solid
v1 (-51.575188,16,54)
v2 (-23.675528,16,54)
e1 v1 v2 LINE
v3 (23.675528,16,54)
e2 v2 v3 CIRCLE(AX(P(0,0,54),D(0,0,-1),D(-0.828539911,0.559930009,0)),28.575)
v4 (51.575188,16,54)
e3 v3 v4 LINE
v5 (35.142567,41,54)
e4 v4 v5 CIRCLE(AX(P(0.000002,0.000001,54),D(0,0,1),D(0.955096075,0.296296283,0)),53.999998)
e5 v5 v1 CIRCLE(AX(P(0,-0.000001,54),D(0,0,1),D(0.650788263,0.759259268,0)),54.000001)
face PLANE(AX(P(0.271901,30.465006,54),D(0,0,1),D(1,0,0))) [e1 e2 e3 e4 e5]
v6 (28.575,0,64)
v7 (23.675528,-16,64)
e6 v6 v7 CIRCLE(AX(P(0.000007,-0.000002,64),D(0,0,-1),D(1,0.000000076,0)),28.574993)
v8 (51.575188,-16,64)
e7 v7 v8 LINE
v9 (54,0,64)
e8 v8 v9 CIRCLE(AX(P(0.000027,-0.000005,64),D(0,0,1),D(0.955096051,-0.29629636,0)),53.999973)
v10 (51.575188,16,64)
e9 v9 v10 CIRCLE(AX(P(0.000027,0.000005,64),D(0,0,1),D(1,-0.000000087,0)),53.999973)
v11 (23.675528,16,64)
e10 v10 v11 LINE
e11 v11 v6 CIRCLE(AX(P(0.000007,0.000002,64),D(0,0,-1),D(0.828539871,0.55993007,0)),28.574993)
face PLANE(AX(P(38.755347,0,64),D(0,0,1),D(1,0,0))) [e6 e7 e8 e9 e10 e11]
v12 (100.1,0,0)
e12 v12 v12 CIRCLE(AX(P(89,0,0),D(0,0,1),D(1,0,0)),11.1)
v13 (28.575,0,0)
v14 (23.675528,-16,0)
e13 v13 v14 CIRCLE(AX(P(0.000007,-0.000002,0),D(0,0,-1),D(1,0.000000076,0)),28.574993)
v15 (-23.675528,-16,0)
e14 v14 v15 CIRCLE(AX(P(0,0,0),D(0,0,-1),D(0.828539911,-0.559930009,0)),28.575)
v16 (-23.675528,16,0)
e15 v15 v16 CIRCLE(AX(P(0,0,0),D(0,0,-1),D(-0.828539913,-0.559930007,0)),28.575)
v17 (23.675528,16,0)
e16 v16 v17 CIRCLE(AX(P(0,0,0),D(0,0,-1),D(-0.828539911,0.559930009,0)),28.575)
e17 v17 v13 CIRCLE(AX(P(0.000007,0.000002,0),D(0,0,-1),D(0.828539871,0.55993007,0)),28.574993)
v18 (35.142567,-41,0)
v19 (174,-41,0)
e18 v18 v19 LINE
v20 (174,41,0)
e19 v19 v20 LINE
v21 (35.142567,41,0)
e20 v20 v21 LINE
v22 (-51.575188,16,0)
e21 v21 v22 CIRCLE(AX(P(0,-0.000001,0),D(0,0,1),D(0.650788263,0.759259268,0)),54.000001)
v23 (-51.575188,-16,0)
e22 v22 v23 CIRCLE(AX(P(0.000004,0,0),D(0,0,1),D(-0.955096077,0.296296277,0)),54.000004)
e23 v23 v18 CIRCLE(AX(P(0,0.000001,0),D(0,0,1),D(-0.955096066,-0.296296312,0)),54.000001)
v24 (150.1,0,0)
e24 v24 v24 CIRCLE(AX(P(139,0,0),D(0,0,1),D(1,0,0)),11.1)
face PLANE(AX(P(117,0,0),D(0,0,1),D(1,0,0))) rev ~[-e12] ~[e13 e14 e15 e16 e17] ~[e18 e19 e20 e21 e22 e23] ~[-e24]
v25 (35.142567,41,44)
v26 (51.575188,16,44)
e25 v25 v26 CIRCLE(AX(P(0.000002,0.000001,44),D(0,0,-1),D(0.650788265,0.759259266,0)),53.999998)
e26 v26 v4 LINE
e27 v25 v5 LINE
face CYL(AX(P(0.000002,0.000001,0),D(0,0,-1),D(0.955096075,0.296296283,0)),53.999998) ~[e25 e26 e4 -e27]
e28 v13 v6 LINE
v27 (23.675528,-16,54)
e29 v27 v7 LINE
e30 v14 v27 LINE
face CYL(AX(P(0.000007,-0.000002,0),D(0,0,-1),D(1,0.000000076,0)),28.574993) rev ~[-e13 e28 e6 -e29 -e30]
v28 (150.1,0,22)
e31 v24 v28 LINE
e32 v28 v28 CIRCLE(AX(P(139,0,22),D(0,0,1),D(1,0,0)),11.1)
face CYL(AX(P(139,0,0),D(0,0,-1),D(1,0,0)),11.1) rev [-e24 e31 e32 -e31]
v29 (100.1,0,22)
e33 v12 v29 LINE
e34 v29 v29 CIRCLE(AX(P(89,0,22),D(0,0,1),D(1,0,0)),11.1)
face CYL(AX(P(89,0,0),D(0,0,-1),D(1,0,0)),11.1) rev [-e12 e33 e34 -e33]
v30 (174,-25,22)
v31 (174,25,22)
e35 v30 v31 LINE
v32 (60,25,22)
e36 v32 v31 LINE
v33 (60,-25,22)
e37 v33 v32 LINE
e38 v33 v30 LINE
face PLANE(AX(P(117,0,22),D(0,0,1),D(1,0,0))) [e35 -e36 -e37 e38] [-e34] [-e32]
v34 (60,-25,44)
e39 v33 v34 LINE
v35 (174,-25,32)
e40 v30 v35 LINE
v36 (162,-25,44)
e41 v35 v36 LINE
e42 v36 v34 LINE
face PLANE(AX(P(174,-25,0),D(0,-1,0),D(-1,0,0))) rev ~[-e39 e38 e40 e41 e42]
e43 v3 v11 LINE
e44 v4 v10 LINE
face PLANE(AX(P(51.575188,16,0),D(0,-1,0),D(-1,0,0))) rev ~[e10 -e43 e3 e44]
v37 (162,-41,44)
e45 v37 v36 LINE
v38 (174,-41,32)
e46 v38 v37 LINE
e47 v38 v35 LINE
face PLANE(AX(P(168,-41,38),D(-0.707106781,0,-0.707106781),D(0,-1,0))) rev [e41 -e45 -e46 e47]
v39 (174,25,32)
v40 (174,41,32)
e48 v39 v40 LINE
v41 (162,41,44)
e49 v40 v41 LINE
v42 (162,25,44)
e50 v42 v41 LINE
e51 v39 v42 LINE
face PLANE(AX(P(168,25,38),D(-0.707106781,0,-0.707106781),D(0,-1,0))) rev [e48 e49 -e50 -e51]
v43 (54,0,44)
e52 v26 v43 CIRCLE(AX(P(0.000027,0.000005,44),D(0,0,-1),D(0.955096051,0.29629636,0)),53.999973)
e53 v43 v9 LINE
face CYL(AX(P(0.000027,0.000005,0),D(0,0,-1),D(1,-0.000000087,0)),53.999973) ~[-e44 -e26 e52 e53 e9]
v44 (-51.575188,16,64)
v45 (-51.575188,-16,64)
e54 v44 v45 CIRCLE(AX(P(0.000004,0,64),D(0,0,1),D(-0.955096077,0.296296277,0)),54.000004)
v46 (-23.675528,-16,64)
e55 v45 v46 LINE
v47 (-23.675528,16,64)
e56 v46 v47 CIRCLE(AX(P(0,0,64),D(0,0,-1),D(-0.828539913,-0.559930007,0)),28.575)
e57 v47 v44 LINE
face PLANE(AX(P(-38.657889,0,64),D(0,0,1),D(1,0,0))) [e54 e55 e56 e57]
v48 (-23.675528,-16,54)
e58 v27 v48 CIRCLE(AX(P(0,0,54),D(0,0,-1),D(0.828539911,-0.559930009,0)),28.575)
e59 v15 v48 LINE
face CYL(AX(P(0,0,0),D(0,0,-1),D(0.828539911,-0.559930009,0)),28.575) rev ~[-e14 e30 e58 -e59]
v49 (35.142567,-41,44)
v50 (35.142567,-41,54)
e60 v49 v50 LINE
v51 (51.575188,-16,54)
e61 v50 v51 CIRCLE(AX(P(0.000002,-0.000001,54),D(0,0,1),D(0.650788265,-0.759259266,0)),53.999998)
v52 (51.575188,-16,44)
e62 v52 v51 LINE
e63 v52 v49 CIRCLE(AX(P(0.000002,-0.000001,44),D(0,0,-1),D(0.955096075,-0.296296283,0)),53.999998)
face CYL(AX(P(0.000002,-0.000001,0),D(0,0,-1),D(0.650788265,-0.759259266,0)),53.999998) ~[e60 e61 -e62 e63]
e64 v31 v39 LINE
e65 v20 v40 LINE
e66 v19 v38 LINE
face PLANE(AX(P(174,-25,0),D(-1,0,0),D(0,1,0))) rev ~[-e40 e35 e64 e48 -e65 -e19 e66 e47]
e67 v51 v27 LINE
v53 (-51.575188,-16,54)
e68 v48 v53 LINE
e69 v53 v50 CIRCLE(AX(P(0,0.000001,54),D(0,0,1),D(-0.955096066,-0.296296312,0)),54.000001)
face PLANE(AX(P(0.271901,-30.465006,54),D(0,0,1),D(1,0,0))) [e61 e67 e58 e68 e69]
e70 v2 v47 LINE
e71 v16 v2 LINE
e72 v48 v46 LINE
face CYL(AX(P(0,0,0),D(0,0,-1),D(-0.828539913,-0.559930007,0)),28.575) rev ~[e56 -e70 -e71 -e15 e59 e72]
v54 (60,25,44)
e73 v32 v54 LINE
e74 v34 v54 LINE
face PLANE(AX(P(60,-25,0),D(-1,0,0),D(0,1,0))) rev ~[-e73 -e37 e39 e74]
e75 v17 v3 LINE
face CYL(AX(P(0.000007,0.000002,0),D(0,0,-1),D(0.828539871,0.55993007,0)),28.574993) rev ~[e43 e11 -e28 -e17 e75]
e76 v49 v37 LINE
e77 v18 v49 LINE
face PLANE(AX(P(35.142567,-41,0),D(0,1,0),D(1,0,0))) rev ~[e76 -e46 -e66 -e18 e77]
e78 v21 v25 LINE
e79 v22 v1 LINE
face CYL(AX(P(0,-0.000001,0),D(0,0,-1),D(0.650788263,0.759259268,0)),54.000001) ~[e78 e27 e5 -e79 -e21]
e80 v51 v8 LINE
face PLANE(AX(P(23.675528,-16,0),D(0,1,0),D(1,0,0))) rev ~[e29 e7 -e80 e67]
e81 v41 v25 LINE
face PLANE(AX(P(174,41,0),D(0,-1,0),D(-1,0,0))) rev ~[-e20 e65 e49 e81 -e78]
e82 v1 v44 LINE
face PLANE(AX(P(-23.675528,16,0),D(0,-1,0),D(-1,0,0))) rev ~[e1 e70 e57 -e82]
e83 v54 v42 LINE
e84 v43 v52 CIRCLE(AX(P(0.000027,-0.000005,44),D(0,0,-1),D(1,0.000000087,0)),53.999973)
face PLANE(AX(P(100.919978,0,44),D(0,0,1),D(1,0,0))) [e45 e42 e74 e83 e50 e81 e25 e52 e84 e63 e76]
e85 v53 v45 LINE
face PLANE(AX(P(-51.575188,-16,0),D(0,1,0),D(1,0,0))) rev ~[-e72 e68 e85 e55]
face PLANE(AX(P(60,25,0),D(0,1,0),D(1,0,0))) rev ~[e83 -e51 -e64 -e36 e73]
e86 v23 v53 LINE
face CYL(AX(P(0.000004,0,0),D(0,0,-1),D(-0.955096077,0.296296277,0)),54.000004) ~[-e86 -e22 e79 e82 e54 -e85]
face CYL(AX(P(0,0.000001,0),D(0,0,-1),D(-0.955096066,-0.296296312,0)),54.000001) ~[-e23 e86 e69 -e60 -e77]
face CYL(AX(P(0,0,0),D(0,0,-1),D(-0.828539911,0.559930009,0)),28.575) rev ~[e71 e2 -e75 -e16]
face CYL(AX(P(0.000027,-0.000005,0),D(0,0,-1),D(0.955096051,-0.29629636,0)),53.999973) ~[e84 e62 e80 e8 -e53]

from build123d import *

# Parameters (mm, degrees)
F1_DEPTH = 54
F2_DEPTH = 64
F3_DEPTH = 44
F0_W     = 114
F0_H     = 50
F0_R     = 11.1
F4_DEPTH = 22
F5_SIZE2 = 12
F5_SIZE  = 12


with BuildPart() as f1:
    # F0 (on Top) → F1 (new body)
    with BuildSketch(Plane.XY):
        with BuildLine():
            Line((23.675528, 16), (51.575188, 16))
            ThreePointArc((51.575188, 16), (45.124741, 29.660711), (35.142567, 41))
            ThreePointArc((35.142567, 41), (-14.958535, 51.886821), (-51.575188, 16))
            Line((-51.575188, 16), (-23.675528, 16))
            ThreePointArc((-23.675528, 16), (0, 28.575), (23.675528, 16))
        make_face()
        with BuildLine():
            ThreePointArc((35.142567, -41), (45.124741, -29.660711), (51.575188, -16))
            Line((51.575188, -16), (23.675528, -16))
            ThreePointArc((23.675528, -16), (0, -28.575), (-23.675528, -16))
            Line((-23.675528, -16), (-51.575188, -16))
            ThreePointArc((-51.575188, -16), (-14.958535, -51.886821), (35.142567, -41))
        make_face()
    extrude(amount=F1_DEPTH)



with BuildPart() as f2:
    # F0 (on Top) → F2 (new body)
    with BuildSketch(Plane.XY):
        with BuildLine():
            Line((-23.675528, 16), (-51.575188, 16))
            ThreePointArc((-51.575188, 16), (-54, 0), (-51.575188, -16))
            Line((-51.575188, -16), (-23.675528, -16))
            ThreePointArc((-23.675528, -16), (-28.575, 0), (-23.675528, 16))
        make_face()
        with BuildLine():
            ThreePointArc((51.575188, -16), (53.390356, -8.091349), (54, 0))
            ThreePointArc((54, 0), (53.390356, 8.091349), (51.575188, 16))
            Line((51.575188, 16), (23.675528, 16))
            ThreePointArc((23.675528, 16), (27.322691, 8.366672), (28.575, 0))
            ThreePointArc((28.575, 0), (27.322691, -8.366672), (23.675528, -16))
            Line((23.675528, -16), (51.575188, -16))
        make_face()
    extrude(amount=F2_DEPTH)


with BuildPart() as f1_1:
    add(f1.part)

    add(f2.part)  # F3 merges F2
    # F0 (on Top) → F3 (join)
    with BuildSketch(Plane.XY):
        with BuildLine():
            ThreePointArc((51.575188, 16), (53.390356, 8.091349), (54, 0))
            ThreePointArc((54, 0), (53.390356, -8.091349), (51.575188, -16))
            ThreePointArc((51.575188, -16), (45.124741, -29.660711), (35.142567, -41))
            Line((35.142567, -41), (174, -41))
            Line((174, -41), (174, -25))
            Line((174, -25), (60, -25))
            Line((60, -25), (60, 25))
            Line((60, 25), (174, 25))
            Line((174, 25), (174, 41))
            Line((174, 41), (35.142567, 41))
            ThreePointArc((35.142567, 41), (45.124741, 29.660711), (51.575188, 16))
        make_face()
    extrude(amount=F3_DEPTH)

    # F0 (on Top) → F4 (join)
    with BuildSketch(Plane.XY):
        with Locations((117, 0)):
            Rectangle(F0_W, F0_H)
        with Locations((89, 0)):
            Circle(F0_R, mode=Mode.SUBTRACT)
        with Locations((139, 0)):
            Circle(F0_R, mode=Mode.SUBTRACT)
    extrude(amount=F4_DEPTH)

    # F5
    f5_edges = [f1_1.edges().sort_by_distance(p)[0] for p in [
        (174, -33, 44),
        (174, 33, 44),
    ]]
    chamfer(f5_edges, length=F5_SIZE, length2=F5_SIZE2)


solid = f1_1.part
